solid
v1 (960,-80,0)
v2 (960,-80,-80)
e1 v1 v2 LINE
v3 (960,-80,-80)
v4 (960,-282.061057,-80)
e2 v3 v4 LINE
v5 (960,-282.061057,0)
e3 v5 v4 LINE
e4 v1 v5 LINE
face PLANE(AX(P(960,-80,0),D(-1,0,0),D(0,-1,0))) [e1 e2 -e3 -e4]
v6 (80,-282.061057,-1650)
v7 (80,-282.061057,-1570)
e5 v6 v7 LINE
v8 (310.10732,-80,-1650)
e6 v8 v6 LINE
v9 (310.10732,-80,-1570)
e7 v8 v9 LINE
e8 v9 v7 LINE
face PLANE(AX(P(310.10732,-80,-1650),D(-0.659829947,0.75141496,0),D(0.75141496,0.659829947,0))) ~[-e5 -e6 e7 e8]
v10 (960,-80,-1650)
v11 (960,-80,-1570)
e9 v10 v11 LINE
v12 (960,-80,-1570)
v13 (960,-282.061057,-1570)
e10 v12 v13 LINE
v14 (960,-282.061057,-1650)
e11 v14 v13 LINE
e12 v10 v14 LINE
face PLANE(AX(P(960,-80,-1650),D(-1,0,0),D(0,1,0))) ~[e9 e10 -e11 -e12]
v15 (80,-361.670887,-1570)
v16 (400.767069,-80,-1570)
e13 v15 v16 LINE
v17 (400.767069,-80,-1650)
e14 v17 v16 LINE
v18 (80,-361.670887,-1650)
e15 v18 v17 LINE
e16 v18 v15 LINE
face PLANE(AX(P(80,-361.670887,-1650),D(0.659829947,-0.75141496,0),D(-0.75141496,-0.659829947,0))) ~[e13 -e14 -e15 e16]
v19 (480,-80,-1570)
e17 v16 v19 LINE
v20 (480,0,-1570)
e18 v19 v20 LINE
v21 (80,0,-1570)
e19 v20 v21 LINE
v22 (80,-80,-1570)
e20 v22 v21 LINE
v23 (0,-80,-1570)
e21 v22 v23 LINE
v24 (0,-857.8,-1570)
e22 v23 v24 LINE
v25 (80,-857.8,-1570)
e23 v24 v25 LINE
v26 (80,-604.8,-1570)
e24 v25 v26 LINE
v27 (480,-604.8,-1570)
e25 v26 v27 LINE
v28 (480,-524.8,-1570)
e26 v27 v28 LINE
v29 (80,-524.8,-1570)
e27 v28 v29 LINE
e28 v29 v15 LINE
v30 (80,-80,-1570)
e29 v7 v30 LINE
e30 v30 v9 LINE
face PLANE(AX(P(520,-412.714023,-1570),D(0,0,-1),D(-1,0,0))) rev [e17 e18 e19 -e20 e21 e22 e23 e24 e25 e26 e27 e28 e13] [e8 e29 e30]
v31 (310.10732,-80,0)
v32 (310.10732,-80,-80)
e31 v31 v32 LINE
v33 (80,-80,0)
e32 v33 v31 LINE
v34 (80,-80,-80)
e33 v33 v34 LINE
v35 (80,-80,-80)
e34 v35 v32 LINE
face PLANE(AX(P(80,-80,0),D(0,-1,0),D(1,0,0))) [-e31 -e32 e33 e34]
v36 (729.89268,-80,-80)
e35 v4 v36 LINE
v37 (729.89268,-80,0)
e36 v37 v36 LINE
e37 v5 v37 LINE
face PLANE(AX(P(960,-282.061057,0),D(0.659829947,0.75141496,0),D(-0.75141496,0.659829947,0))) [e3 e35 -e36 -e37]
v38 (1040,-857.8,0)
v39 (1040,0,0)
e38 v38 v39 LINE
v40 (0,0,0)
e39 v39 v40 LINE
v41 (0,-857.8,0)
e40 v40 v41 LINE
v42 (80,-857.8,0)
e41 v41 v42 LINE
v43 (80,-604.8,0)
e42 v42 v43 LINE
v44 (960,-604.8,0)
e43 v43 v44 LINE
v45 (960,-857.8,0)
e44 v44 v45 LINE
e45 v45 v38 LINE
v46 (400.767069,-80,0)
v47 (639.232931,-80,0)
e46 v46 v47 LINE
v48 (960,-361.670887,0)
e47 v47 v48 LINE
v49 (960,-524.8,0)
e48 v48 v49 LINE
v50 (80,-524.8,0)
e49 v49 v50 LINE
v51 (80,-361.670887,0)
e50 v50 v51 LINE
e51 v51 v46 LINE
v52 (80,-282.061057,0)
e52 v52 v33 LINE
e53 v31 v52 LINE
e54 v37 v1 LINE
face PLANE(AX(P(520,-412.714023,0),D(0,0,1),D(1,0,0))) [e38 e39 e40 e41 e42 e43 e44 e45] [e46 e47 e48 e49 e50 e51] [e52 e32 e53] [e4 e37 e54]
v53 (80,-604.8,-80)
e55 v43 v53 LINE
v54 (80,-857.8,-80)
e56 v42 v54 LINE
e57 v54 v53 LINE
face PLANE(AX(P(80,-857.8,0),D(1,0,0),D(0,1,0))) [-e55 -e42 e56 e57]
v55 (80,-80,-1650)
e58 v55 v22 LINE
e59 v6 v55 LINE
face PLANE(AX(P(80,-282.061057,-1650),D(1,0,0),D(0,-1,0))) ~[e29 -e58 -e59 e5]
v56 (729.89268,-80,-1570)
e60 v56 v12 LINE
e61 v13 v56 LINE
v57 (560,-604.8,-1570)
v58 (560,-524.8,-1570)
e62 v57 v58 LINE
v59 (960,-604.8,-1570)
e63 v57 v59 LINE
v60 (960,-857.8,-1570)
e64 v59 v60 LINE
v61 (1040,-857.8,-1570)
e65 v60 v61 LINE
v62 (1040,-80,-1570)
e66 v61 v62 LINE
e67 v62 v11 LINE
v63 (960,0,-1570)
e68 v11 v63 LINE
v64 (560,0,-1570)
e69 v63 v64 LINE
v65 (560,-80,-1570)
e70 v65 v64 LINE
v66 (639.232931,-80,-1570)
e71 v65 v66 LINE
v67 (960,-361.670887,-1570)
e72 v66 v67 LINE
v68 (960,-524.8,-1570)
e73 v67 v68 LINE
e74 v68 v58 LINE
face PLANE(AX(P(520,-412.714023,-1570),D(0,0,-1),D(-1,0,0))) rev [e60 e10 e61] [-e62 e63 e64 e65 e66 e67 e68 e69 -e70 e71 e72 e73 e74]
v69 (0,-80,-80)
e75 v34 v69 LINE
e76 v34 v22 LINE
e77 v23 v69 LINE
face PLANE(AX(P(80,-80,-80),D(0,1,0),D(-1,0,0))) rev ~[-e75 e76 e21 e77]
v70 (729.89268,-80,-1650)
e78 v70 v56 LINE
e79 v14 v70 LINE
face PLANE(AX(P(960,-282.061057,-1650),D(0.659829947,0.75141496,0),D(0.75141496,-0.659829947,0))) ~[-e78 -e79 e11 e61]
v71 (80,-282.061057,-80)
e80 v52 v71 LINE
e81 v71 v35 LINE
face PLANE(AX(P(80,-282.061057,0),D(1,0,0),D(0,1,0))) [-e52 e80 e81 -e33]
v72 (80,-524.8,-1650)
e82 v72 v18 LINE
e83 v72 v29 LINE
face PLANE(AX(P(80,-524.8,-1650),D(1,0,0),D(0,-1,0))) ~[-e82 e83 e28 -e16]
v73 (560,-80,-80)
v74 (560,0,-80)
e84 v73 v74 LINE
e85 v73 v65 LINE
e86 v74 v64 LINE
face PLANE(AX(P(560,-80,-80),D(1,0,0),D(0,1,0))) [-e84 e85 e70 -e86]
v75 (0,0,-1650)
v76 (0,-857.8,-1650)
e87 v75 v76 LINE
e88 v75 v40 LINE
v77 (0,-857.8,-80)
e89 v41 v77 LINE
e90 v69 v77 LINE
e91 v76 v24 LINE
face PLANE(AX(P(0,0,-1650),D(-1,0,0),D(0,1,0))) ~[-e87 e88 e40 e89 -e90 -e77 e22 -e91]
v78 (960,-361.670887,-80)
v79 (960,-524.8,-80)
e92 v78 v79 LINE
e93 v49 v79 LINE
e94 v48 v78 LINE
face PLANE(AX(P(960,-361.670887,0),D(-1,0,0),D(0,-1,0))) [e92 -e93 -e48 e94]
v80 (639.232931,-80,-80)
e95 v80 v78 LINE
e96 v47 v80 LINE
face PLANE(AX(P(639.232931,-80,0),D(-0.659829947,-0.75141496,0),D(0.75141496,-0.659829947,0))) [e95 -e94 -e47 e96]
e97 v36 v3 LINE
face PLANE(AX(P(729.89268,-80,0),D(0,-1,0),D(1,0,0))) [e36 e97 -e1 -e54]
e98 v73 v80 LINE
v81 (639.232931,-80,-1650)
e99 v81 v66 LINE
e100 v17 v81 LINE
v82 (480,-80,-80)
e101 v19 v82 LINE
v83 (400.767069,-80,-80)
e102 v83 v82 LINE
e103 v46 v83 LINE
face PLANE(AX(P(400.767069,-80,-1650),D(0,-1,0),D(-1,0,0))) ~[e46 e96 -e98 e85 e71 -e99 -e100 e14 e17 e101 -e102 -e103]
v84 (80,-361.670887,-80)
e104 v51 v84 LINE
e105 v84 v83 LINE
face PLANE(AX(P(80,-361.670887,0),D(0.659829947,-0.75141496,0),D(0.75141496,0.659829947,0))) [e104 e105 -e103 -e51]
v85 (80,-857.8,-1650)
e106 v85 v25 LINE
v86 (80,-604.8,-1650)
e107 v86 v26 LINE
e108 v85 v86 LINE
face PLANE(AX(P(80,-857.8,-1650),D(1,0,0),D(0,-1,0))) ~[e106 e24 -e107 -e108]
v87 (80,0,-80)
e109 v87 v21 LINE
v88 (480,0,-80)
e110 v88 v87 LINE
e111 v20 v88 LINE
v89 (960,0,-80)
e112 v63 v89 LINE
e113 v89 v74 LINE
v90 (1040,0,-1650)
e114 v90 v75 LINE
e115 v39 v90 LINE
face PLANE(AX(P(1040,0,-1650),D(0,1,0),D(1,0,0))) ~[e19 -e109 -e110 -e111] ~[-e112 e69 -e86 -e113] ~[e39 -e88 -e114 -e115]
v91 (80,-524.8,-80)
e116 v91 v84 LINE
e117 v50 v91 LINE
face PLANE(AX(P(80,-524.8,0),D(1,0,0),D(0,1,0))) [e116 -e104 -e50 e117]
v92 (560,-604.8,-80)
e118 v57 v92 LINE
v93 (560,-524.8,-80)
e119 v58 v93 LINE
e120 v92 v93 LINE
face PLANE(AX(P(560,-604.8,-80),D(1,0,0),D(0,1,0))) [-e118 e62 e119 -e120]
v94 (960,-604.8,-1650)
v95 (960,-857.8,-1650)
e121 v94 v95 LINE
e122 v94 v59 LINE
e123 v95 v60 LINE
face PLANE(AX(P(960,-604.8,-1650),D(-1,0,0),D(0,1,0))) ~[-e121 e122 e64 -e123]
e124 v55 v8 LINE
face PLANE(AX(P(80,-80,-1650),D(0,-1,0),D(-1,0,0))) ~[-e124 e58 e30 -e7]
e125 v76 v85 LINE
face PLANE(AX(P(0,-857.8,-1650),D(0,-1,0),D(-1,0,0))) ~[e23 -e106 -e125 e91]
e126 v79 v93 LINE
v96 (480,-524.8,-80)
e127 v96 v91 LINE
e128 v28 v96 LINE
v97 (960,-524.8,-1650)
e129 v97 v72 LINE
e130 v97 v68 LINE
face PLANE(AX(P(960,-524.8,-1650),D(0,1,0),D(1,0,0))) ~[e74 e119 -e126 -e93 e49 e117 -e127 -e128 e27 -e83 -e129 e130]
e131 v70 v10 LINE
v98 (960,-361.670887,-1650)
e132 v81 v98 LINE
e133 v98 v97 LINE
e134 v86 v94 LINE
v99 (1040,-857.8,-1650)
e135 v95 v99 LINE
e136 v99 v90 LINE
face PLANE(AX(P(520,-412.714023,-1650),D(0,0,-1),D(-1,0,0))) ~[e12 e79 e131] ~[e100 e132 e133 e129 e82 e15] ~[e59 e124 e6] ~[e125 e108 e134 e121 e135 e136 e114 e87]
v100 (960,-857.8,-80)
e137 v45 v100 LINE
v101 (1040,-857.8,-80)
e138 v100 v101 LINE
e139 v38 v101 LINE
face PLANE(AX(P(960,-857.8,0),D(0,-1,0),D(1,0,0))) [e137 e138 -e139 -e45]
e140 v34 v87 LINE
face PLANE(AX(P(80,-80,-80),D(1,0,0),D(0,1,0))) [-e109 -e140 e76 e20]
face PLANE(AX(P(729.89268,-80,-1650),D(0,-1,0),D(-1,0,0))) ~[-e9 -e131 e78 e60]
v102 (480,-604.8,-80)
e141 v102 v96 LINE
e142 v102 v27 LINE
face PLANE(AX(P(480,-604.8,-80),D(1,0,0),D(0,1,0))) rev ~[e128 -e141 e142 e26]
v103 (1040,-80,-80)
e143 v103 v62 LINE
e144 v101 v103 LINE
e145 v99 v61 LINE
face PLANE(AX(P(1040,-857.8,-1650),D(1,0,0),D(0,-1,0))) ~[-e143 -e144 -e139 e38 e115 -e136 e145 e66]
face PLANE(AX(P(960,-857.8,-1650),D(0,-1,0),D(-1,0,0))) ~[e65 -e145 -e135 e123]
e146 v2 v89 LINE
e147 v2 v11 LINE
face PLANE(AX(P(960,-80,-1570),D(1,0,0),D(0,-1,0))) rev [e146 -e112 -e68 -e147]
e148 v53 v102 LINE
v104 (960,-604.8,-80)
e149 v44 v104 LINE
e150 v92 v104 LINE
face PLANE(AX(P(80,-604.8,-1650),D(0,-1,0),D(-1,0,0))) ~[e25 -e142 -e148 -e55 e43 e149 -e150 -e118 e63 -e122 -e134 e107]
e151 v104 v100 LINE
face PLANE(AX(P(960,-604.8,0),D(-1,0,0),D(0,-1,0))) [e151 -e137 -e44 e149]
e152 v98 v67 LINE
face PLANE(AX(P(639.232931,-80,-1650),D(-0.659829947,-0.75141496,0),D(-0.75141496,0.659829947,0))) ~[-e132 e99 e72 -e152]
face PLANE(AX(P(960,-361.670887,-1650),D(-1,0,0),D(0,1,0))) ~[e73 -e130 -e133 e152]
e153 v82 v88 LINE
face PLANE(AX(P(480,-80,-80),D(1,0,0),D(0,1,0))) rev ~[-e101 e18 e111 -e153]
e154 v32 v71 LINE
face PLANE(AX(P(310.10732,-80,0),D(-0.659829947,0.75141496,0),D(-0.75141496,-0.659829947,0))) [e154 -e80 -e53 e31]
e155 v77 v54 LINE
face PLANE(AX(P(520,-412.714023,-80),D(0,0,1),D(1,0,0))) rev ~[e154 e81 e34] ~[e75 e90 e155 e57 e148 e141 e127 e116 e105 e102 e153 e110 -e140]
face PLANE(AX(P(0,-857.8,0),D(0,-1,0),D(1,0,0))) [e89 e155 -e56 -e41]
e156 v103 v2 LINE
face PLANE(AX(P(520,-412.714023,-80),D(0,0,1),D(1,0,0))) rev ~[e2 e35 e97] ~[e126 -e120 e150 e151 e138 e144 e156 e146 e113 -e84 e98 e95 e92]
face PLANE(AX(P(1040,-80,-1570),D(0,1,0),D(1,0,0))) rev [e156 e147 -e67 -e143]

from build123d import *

# Parameters (mm, degrees)
BOSS_EXTRUDE1_DEPTH = 80
SKETCH2_W           = 80
SKETCH2_H           = 80
BOSS_EXTRUDE2_DEPTH = 790


with BuildPart() as part:
    # Sketch1 → Boss-Extrude1 (new body)
    with BuildSketch(Plane.XY):
        Polygon((1040, 0), (0, 0), (0, -857.8), (80, -857.8), (80, -604.8), (960, -604.8), (960, -857.8), (1040, -857.8), align=None)
        Polygon((960, -524.8), (80, -524.8), (80, -361.670887123), (400.767069293, -80), (639.232930707, -80), (960, -361.670887123), align=None, mode=Mode.SUBTRACT)
        Polygon((729.892680056, -80), (960, -80), (960, -282.061056595), align=None, mode=Mode.SUBTRACT)
        Polygon((80, -282.061056595), (80, -80), (310.107319944, -80), align=None, mode=Mode.SUBTRACT)
    boss_extrude1 = extrude(amount=-BOSS_EXTRUDE1_DEPTH)

    # Sketch2 → Boss-Extrude2 (add)
    with BuildSketch(Plane(origin=(0, 0, -80), x_dir=(-1, 0, 0), z_dir=(0, 0, -1))):
        with Locations((-1000, -40)):
            Rectangle(SKETCH2_W, SKETCH2_H)
        with Locations((-40, -40)):
            Rectangle(SKETCH2_W, SKETCH2_H)
        with Locations((-520, -564.8)):
            Rectangle(SKETCH2_W, SKETCH2_H)
        with Locations((-520, -40)):
            Rectangle(SKETCH2_W, SKETCH2_H)
    boss_extrude2 = extrude(amount=BOSS_EXTRUDE2_DEPTH)

    # Mirror2: Boss-Extrude2 across plane
    add(boss_extrude2.mirror(Plane.XY.offset(-825)))

    # Mirror3: Boss-Extrude1 across plane
    add(boss_extrude1.mirror(Plane.XY.offset(-825)))


solid = part.part
